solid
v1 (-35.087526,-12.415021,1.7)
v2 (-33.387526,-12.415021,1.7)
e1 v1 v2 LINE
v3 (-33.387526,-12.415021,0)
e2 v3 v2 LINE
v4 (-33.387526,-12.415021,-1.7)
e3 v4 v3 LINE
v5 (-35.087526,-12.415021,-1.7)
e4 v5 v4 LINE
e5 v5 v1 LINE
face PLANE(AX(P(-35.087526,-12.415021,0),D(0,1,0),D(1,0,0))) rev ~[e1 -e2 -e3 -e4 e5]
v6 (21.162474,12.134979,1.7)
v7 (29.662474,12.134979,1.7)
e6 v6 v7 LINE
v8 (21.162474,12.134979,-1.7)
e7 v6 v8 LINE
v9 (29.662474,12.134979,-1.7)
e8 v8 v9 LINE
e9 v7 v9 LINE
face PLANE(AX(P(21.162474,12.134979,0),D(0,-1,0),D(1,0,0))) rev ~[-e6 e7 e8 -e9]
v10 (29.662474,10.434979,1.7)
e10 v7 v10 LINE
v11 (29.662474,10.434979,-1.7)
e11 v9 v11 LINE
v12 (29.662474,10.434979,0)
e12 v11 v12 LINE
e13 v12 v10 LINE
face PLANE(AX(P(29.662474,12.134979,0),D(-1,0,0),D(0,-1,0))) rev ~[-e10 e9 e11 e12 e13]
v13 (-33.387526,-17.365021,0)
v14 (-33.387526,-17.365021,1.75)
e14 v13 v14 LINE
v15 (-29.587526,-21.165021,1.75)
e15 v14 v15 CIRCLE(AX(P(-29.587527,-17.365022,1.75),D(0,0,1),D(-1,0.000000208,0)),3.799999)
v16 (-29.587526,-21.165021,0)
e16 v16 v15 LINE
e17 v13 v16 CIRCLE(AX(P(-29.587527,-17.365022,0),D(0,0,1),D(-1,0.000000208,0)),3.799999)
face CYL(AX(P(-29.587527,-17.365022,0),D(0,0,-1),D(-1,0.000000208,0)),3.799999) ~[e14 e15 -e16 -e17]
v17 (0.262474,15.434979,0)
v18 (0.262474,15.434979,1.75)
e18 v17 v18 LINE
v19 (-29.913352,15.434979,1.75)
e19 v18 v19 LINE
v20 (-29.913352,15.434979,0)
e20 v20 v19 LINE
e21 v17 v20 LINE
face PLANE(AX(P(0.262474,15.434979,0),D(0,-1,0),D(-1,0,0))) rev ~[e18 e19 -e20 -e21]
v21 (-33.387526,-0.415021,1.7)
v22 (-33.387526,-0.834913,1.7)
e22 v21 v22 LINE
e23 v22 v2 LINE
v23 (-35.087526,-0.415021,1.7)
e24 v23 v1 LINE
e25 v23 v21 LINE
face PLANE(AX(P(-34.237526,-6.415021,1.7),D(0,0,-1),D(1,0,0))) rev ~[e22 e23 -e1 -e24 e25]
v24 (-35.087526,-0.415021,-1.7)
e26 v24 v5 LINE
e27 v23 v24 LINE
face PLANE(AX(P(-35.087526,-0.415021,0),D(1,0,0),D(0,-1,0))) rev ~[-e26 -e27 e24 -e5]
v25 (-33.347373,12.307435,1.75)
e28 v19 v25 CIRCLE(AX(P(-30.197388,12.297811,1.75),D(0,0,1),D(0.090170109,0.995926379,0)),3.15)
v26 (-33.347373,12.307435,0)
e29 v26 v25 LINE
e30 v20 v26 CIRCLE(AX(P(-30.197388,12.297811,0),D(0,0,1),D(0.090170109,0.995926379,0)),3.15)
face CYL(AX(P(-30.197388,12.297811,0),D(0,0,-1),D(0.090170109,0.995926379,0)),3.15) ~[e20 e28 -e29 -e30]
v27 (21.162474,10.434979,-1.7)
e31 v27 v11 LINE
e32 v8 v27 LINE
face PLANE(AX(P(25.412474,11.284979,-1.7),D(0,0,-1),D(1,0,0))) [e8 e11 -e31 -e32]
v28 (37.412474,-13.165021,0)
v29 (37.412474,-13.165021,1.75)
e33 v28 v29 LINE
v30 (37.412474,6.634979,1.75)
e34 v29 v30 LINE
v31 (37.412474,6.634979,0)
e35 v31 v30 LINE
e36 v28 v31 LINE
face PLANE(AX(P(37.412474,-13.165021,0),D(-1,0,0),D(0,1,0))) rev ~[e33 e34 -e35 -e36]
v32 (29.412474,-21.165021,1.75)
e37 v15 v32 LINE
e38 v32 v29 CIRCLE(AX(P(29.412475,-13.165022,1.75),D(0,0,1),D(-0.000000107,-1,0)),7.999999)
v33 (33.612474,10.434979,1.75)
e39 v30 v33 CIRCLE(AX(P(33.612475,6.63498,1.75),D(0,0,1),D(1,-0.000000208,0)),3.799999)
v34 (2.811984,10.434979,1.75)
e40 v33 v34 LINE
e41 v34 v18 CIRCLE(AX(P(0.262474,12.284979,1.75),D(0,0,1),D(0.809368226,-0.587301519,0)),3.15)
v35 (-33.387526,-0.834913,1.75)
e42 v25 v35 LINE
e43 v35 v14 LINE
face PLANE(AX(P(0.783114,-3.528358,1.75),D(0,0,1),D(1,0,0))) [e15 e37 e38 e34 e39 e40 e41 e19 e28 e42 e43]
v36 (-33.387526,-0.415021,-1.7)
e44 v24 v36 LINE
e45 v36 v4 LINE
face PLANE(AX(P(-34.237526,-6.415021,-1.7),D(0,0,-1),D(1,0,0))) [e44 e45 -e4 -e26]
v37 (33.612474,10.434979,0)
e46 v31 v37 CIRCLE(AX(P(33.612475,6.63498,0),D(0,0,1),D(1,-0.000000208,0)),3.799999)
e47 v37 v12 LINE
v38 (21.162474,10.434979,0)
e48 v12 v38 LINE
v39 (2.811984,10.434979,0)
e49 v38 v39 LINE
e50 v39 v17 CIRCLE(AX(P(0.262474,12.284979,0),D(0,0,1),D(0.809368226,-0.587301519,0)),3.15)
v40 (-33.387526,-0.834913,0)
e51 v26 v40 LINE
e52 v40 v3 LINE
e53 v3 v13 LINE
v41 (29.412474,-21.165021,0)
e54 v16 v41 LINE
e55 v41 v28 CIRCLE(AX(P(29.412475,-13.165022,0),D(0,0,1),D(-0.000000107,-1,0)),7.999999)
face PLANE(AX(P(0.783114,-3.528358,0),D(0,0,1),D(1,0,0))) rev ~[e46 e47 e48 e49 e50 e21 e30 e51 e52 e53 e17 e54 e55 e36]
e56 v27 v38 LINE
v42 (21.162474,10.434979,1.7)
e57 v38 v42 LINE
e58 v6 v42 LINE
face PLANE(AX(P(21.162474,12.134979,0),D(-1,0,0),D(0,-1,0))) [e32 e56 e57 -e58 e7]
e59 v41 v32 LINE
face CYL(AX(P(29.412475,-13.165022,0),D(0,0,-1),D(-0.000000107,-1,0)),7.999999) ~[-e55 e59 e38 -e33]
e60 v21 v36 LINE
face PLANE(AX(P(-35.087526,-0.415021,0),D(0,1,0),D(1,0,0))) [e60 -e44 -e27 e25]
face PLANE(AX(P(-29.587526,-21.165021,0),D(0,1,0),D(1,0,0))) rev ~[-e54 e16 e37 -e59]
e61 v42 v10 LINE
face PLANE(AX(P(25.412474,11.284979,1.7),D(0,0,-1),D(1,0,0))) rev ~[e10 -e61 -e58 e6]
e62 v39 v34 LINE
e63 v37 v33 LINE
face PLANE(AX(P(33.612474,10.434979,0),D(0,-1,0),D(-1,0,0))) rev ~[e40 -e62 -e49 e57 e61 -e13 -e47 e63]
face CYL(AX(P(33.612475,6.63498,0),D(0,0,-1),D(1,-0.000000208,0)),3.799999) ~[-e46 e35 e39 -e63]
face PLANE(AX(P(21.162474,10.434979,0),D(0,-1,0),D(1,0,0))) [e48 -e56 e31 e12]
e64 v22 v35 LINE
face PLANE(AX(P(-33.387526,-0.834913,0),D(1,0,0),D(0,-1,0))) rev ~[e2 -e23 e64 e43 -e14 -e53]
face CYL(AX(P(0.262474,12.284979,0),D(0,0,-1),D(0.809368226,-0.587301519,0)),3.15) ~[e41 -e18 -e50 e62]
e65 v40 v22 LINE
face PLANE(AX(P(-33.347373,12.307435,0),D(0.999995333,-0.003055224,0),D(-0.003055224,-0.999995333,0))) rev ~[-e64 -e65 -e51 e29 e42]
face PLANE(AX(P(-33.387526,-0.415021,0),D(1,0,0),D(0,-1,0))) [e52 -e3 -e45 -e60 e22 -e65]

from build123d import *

# Parameters (mm, degrees)
F1_DEPTH = 1.75
F2_W     = 8.5
F2_H     = 1.7
F2_W_2   = 1.7
F2_H_2   = 12
F3_DEPTH = 1.7


with BuildPart() as f1:
    # F0 (on Top) → F1 (new body)
    with BuildSketch(Plane.XY):
        with BuildLine():
            Line((-33.387526, -0.834913), (-33.387526, -17.365021))
            ThreePointArc((-33.387526, -17.365021), (-32.274532, -20.052027), (-29.587526, -21.165021))
            Line((-29.587526, -21.165021), (29.412474, -21.165021))
            ThreePointArc((29.412474, -21.165021), (35.069329, -18.821875), (37.412474, -13.165021))
            Line((37.412474, -13.165021), (37.412474, 6.634979))
            ThreePointArc((37.412474, 6.634979), (36.29948, 9.321985), (33.612474, 10.434979))
            Line((33.612474, 10.434979), (2.811984, 10.434979))
            ThreePointArc((2.811984, 10.434979), (3.068717, 13.715888), (0.262474, 15.434979))
            Line((0.262474, 15.434979), (-29.913352, 15.434979))
            ThreePointArc((-29.913352, 15.434979), (-32.318425, 14.626695), (-33.347373, 12.307435))
            Line((-33.347373, 12.307435), (-33.387526, -0.834913))
        make_face()
        with BuildLine():
            Line((2.612474, 9.634979), (33.612474, 9.634979))
            ThreePointArc((33.612474, 9.634979), (35.733795, 8.756299), (36.612474, 6.634979))
            Line((36.612474, 6.634979), (36.612474, -13.165021))
            ThreePointArc((36.612474, -13.165021), (34.503643, -18.25619), (29.412474, -20.365021))
            Line((29.412474, -20.365021), (-29.587526, -20.365021))
            ThreePointArc((-29.587526, -20.365021), (-31.708846, -19.486341), (-32.587526, -17.365021))
            Line((-32.587526, -17.365021), (-32.587526, -0.836135))
            Line((-32.587526, -0.836135), (-32.547377, 12.304991))
            ThreePointArc((-32.547377, 12.304991), (-31.767323, 14.046468), (-29.952142, 14.634979))
            Line((-29.952142, 14.634979), (0.262474, 14.634979))
            ThreePointArc((0.262474, 14.634979), (1.924175, 13.94668), (2.612474, 12.284979))
            Line((2.612474, 12.284979), (2.612474, 9.634979))
        make_face(mode=Mode.SUBTRACT)
        with BuildLine():
            ThreePointArc((36.612474, 6.634979), (35.733795, 8.756299), (33.612474, 9.634979))
            Line((33.612474, 9.634979), (2.612474, 9.634979))
            Line((2.612474, 9.634979), (2.612474, 12.284979))
            ThreePointArc((2.612474, 12.284979), (1.924175, 13.94668), (0.262474, 14.634979))
            Line((0.262474, 14.634979), (-29.952142, 14.634979))
            ThreePointArc((-29.952142, 14.634979), (-31.767323, 14.046468), (-32.547377, 12.304991))
            Line((-32.547377, 12.304991), (-32.587526, -0.836135))
            Line((-32.587526, -0.836135), (-32.587526, -17.365021))
            ThreePointArc((-32.587526, -17.365021), (-31.708846, -19.486341), (-29.587526, -20.365021))
            Line((-29.587526, -20.365021), (29.412474, -20.365021))
            ThreePointArc((29.412474, -20.365021), (34.503643, -18.25619), (36.612474, -13.165021))
            Line((36.612474, -13.165021), (36.612474, 6.634979))
        make_face()
    extrude(amount=F1_DEPTH)

    # F2 (on face) → F3 (join, symmetric)
    with BuildSketch(Plane(origin=(0, 0, 0), x_dir=(1, 0, 0), z_dir=(0, 0, -1))):
        with Locations((25.412474, -11.284979)):
            Rectangle(F2_W, F2_H)
        with Locations((-34.237526, 6.415021)):
            Rectangle(F2_W_2, F2_H_2)
    extrude(amount=F3_DEPTH, both=True)


solid = f1.part
